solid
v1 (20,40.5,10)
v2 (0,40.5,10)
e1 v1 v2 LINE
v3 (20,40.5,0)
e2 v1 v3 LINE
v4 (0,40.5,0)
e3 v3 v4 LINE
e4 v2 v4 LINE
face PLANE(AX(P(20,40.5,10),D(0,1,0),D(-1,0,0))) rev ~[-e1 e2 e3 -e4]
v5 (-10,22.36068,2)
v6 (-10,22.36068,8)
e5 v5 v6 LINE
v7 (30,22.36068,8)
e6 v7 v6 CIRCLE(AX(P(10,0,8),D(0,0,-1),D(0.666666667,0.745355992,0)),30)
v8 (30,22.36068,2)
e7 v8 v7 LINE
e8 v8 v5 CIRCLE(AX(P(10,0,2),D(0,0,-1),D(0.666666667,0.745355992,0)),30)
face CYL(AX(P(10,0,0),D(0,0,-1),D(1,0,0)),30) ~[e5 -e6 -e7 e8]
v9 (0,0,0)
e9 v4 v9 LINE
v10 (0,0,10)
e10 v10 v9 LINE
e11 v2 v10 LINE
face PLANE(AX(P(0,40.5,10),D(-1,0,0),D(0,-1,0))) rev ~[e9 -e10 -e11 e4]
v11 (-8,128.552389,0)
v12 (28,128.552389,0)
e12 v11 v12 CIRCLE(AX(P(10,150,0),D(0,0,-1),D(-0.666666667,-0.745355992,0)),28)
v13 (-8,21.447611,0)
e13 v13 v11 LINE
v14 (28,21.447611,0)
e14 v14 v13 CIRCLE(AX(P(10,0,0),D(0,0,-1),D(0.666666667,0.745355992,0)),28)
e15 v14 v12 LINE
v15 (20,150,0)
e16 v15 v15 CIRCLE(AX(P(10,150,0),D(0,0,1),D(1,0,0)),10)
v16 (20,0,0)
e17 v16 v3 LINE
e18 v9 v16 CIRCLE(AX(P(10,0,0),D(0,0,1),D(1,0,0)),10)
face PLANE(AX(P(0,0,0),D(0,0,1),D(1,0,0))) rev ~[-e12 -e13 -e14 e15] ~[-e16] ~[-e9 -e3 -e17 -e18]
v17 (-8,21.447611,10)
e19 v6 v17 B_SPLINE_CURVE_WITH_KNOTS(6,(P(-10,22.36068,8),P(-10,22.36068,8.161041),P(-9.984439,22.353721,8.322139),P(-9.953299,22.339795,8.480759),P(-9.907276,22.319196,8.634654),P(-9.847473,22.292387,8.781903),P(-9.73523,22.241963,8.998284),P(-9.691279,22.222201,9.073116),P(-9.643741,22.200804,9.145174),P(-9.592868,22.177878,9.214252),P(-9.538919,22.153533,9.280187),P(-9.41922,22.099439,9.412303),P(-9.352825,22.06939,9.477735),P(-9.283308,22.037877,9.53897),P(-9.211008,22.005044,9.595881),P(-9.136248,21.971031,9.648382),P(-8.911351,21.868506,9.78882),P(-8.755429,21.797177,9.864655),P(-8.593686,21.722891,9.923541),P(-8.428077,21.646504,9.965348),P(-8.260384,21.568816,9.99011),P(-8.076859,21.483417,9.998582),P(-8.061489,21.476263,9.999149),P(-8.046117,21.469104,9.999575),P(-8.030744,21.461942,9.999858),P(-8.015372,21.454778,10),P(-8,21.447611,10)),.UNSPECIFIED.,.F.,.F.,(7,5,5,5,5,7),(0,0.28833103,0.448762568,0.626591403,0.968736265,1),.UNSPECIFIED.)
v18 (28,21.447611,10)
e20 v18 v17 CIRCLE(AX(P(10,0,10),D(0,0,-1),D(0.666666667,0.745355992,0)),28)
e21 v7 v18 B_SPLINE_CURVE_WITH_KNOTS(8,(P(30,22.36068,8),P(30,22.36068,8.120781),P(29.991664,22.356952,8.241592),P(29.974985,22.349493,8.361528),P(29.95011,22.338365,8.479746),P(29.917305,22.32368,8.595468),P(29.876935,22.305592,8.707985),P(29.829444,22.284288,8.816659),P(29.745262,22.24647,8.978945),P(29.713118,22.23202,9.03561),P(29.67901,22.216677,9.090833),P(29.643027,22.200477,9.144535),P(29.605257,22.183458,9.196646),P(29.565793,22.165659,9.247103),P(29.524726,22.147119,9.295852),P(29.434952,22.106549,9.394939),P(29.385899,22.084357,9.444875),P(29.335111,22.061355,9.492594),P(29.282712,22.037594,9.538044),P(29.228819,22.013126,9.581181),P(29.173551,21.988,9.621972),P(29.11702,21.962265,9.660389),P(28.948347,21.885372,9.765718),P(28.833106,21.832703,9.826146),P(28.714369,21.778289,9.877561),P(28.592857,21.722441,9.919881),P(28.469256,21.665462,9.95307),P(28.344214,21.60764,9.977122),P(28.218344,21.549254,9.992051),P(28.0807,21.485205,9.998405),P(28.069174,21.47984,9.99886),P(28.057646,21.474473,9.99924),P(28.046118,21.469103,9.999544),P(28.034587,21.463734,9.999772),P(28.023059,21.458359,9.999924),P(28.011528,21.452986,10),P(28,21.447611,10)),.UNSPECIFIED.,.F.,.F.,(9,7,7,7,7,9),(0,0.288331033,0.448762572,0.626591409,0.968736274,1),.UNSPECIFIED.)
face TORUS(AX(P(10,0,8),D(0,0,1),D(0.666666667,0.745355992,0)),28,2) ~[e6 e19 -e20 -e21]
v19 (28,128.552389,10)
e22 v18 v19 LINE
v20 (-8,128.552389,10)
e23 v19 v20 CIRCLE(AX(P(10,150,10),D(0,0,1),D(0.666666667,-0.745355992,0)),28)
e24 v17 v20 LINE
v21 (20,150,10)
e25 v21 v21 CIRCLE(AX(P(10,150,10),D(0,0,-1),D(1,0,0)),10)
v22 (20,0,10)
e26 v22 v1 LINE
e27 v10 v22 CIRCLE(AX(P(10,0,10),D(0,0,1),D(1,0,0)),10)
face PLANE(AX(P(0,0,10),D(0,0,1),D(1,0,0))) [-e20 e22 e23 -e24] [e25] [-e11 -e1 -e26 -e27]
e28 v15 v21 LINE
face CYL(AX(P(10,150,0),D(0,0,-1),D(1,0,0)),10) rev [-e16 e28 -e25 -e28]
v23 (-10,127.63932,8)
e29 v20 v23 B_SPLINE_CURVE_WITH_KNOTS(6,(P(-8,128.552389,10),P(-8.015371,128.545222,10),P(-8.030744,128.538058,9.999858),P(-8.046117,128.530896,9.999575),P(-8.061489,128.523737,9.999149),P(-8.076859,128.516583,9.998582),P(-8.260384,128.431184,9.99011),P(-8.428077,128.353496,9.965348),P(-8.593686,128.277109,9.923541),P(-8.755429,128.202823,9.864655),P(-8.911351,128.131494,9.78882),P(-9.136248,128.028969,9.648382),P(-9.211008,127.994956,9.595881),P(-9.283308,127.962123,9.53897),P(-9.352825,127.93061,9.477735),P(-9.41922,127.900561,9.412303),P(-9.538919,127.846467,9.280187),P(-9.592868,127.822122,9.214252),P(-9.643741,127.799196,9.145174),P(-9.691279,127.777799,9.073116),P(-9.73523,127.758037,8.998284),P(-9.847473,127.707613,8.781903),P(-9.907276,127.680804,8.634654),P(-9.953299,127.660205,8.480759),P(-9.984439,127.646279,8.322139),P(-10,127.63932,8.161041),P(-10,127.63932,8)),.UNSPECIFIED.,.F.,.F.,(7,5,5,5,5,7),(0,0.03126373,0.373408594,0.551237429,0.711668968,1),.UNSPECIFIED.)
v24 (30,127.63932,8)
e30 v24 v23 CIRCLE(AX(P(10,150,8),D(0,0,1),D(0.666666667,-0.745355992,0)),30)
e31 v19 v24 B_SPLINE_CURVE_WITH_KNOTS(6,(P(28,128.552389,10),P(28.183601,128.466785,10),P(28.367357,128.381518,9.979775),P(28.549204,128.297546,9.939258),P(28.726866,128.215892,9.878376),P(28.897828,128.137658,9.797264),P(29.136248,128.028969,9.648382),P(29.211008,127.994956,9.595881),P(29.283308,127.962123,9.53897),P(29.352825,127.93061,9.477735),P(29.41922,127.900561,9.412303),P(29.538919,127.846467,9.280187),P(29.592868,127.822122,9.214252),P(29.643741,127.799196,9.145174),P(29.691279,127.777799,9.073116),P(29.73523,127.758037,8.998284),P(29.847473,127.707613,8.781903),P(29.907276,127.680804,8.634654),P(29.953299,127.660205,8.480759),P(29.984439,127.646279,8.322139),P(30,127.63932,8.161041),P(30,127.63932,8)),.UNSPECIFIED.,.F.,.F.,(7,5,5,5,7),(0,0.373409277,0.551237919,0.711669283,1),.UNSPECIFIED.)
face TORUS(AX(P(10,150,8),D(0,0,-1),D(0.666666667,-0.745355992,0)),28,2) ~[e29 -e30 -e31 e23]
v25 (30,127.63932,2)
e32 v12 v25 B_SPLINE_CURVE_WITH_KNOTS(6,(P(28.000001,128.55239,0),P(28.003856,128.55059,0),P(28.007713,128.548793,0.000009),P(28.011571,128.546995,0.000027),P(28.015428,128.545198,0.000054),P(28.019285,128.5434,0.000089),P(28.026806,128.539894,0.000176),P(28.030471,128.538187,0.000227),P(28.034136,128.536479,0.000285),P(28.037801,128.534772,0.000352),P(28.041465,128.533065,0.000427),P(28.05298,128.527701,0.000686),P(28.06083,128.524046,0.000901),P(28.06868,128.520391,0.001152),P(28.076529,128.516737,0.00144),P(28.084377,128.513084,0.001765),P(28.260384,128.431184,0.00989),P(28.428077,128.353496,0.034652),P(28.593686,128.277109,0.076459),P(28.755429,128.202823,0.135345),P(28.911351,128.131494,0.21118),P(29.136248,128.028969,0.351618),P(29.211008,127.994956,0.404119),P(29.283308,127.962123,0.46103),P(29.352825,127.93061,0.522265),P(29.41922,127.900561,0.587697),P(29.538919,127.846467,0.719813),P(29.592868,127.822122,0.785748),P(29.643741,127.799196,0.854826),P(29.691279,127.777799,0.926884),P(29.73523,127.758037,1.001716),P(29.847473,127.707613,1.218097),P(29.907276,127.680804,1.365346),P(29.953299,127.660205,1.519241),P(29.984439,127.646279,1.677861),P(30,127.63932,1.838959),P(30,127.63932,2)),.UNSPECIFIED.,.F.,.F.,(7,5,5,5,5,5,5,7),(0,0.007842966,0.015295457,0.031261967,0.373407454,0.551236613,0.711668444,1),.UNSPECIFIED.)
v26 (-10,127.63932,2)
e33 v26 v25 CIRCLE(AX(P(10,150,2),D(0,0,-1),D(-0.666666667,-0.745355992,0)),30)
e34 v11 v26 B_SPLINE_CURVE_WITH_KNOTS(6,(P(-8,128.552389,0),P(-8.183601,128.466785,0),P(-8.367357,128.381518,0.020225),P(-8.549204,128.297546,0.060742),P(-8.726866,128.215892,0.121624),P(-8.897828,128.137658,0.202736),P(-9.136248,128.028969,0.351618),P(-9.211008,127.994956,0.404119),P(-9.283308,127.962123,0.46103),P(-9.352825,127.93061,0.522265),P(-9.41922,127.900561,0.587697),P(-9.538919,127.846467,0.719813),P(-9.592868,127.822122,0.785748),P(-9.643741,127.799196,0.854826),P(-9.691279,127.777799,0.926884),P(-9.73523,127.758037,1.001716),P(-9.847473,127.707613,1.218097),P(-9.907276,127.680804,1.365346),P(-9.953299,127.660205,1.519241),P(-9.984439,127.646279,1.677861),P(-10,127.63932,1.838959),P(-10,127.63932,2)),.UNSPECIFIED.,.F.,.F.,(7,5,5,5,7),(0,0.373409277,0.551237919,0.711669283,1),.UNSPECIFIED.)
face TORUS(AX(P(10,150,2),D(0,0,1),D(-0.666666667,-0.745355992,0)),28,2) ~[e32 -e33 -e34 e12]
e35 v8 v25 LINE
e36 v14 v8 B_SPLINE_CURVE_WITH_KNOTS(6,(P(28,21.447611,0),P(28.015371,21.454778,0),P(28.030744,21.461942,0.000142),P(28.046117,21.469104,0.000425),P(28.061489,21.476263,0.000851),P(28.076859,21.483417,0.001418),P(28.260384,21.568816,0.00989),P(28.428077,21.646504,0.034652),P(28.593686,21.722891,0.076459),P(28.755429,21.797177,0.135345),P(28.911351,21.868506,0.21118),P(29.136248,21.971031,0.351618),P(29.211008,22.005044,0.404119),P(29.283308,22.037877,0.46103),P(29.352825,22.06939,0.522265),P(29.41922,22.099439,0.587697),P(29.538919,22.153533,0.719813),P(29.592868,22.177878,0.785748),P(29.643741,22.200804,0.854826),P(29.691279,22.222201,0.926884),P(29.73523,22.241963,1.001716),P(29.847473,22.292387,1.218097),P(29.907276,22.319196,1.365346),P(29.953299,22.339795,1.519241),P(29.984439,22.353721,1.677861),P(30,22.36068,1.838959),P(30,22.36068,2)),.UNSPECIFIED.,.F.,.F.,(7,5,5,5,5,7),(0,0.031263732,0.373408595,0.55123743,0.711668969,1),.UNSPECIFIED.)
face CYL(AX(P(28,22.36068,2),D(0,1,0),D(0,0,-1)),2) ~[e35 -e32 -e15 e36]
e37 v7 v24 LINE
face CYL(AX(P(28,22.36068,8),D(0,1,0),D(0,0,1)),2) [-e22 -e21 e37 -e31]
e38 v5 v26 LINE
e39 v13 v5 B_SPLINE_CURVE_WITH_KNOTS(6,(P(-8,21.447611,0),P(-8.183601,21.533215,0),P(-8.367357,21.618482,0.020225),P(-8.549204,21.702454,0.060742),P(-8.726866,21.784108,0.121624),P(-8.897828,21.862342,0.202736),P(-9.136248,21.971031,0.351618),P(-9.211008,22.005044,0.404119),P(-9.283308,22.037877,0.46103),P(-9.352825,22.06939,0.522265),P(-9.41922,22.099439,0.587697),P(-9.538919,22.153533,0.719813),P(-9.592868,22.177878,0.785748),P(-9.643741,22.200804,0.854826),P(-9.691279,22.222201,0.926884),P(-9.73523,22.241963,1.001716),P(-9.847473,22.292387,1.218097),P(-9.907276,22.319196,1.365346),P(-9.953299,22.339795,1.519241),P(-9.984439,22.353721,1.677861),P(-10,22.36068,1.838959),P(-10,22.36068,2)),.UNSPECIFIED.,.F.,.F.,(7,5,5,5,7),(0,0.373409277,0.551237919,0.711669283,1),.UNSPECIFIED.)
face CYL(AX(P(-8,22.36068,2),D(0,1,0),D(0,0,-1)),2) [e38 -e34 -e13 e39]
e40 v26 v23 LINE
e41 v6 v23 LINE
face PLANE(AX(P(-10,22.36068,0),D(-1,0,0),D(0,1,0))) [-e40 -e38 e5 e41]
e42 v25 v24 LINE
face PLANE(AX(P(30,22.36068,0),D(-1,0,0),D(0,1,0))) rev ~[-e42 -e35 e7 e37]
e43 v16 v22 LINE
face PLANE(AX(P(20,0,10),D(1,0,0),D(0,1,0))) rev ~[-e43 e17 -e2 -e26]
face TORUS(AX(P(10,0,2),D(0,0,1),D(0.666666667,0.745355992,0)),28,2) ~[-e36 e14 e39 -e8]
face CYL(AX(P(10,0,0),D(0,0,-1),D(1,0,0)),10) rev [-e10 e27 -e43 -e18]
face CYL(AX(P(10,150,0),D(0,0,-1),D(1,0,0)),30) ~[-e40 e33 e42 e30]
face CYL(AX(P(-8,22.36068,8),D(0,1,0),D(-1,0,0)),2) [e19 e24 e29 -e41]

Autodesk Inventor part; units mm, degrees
ref_plane "YZ Plane" through (0, 0, 0) normal (1, 0, 0) x (0, 1, 0)
ref_plane "XZ Plane" through (0, 0, 0) normal (0, 1, 0) x (-1, 0, 0)
ref_plane "XY Plane" through (0, 0, 0) normal (0, 0, 1) x (1, 0, 0)
sketch "Sketch1" plane through (0, 0, 0) normal (0, 0, 1) x (1, 0, 0)
  line L0 (0, 0) -> (20, 0)
  line L1 (20, 0) -> (20, 41)
  line L2 (20, 41) -> (0, 41)
  line L3 (0, 41) -> (0, 0)
  circle A0 centre (10, 0) radius 30
  circle A1 centre (10, 0) radius 10
  line L4 (10, 0) -> (30, 0)
  line L5 (30, 0) -> (30, 150)
  line L6 (30, 150) -> (10, 150)
  line L7 (10, 150) -> (10, 0)
  line L8 (10, 0) -> (-10, 0)
  line L9 (-10, 0) -> (-10, 150)
  line L10 (-10, 150) -> (10, 150)
  line L11 (10, 150) -> (10, 0)
  circle A2 centre (10, 150) radius 30
  circle A3 centre (10, 150) radius 10
  point P0 (30, 22.3607)
  point P1 (30, 127.6393)
  point P2 (-10, 127.6393)
  point P3 (-10, 22.3607)
  dimension "d0" = 20
  dimension "d1" = 41
  dimension "d2" = 60
  dimension "d3" = 20
  dimension "d4" = 150
  dimension "d5" = 20
  dimension "d6" = 150
  dimension "d7" = 60
  dimension "d8" = 20
extrude "Extrusion1" add sketch "Sketch1" along normal blind 10 contours L8 L9 A0 L3 | L3 A0 L7 A1 | A1 L4 L5 A0 L9 L8 | A0 L9 A2 L7 L2 L3 | L3 L2 L7 A0 | A1 L7 A0 L1 | L1 A0 L5 L4 | L7 L2 L1 A0 | L1 L2 L7 A2 L5 A0 | A2 L5 L6 A3 L10 L9 | L9 L10 A3 L7 A2 | L7 A3 L6 L5 A2
fillet "Fillet1" radius 2 8 edges at (10, 180, 10) (-10, 75, 10) (10, -30, 10) (10, -30, 0) (-10, 75, 0) (10, 180, 0) (30, 75, 0) (30, 75, 10)
sketch "Sketch2" plane through (0, 0, 10) normal (0, 0, 1) x (1, 0, 0)
  line L0 (0, 0) -> (20, 0)
  line L1 (20, 0) -> (20, 40.5)
  line L2 (20, 40.5) -> (0, 40.5)
  line L3 (0, 40.5) -> (0, 0)
  dimension "d12" = 20
  dimension "d13" = 40.5
extrude "Extrusion2" cut sketch "Sketch2" against normal blind 10.6375
properties part number "First arm"
